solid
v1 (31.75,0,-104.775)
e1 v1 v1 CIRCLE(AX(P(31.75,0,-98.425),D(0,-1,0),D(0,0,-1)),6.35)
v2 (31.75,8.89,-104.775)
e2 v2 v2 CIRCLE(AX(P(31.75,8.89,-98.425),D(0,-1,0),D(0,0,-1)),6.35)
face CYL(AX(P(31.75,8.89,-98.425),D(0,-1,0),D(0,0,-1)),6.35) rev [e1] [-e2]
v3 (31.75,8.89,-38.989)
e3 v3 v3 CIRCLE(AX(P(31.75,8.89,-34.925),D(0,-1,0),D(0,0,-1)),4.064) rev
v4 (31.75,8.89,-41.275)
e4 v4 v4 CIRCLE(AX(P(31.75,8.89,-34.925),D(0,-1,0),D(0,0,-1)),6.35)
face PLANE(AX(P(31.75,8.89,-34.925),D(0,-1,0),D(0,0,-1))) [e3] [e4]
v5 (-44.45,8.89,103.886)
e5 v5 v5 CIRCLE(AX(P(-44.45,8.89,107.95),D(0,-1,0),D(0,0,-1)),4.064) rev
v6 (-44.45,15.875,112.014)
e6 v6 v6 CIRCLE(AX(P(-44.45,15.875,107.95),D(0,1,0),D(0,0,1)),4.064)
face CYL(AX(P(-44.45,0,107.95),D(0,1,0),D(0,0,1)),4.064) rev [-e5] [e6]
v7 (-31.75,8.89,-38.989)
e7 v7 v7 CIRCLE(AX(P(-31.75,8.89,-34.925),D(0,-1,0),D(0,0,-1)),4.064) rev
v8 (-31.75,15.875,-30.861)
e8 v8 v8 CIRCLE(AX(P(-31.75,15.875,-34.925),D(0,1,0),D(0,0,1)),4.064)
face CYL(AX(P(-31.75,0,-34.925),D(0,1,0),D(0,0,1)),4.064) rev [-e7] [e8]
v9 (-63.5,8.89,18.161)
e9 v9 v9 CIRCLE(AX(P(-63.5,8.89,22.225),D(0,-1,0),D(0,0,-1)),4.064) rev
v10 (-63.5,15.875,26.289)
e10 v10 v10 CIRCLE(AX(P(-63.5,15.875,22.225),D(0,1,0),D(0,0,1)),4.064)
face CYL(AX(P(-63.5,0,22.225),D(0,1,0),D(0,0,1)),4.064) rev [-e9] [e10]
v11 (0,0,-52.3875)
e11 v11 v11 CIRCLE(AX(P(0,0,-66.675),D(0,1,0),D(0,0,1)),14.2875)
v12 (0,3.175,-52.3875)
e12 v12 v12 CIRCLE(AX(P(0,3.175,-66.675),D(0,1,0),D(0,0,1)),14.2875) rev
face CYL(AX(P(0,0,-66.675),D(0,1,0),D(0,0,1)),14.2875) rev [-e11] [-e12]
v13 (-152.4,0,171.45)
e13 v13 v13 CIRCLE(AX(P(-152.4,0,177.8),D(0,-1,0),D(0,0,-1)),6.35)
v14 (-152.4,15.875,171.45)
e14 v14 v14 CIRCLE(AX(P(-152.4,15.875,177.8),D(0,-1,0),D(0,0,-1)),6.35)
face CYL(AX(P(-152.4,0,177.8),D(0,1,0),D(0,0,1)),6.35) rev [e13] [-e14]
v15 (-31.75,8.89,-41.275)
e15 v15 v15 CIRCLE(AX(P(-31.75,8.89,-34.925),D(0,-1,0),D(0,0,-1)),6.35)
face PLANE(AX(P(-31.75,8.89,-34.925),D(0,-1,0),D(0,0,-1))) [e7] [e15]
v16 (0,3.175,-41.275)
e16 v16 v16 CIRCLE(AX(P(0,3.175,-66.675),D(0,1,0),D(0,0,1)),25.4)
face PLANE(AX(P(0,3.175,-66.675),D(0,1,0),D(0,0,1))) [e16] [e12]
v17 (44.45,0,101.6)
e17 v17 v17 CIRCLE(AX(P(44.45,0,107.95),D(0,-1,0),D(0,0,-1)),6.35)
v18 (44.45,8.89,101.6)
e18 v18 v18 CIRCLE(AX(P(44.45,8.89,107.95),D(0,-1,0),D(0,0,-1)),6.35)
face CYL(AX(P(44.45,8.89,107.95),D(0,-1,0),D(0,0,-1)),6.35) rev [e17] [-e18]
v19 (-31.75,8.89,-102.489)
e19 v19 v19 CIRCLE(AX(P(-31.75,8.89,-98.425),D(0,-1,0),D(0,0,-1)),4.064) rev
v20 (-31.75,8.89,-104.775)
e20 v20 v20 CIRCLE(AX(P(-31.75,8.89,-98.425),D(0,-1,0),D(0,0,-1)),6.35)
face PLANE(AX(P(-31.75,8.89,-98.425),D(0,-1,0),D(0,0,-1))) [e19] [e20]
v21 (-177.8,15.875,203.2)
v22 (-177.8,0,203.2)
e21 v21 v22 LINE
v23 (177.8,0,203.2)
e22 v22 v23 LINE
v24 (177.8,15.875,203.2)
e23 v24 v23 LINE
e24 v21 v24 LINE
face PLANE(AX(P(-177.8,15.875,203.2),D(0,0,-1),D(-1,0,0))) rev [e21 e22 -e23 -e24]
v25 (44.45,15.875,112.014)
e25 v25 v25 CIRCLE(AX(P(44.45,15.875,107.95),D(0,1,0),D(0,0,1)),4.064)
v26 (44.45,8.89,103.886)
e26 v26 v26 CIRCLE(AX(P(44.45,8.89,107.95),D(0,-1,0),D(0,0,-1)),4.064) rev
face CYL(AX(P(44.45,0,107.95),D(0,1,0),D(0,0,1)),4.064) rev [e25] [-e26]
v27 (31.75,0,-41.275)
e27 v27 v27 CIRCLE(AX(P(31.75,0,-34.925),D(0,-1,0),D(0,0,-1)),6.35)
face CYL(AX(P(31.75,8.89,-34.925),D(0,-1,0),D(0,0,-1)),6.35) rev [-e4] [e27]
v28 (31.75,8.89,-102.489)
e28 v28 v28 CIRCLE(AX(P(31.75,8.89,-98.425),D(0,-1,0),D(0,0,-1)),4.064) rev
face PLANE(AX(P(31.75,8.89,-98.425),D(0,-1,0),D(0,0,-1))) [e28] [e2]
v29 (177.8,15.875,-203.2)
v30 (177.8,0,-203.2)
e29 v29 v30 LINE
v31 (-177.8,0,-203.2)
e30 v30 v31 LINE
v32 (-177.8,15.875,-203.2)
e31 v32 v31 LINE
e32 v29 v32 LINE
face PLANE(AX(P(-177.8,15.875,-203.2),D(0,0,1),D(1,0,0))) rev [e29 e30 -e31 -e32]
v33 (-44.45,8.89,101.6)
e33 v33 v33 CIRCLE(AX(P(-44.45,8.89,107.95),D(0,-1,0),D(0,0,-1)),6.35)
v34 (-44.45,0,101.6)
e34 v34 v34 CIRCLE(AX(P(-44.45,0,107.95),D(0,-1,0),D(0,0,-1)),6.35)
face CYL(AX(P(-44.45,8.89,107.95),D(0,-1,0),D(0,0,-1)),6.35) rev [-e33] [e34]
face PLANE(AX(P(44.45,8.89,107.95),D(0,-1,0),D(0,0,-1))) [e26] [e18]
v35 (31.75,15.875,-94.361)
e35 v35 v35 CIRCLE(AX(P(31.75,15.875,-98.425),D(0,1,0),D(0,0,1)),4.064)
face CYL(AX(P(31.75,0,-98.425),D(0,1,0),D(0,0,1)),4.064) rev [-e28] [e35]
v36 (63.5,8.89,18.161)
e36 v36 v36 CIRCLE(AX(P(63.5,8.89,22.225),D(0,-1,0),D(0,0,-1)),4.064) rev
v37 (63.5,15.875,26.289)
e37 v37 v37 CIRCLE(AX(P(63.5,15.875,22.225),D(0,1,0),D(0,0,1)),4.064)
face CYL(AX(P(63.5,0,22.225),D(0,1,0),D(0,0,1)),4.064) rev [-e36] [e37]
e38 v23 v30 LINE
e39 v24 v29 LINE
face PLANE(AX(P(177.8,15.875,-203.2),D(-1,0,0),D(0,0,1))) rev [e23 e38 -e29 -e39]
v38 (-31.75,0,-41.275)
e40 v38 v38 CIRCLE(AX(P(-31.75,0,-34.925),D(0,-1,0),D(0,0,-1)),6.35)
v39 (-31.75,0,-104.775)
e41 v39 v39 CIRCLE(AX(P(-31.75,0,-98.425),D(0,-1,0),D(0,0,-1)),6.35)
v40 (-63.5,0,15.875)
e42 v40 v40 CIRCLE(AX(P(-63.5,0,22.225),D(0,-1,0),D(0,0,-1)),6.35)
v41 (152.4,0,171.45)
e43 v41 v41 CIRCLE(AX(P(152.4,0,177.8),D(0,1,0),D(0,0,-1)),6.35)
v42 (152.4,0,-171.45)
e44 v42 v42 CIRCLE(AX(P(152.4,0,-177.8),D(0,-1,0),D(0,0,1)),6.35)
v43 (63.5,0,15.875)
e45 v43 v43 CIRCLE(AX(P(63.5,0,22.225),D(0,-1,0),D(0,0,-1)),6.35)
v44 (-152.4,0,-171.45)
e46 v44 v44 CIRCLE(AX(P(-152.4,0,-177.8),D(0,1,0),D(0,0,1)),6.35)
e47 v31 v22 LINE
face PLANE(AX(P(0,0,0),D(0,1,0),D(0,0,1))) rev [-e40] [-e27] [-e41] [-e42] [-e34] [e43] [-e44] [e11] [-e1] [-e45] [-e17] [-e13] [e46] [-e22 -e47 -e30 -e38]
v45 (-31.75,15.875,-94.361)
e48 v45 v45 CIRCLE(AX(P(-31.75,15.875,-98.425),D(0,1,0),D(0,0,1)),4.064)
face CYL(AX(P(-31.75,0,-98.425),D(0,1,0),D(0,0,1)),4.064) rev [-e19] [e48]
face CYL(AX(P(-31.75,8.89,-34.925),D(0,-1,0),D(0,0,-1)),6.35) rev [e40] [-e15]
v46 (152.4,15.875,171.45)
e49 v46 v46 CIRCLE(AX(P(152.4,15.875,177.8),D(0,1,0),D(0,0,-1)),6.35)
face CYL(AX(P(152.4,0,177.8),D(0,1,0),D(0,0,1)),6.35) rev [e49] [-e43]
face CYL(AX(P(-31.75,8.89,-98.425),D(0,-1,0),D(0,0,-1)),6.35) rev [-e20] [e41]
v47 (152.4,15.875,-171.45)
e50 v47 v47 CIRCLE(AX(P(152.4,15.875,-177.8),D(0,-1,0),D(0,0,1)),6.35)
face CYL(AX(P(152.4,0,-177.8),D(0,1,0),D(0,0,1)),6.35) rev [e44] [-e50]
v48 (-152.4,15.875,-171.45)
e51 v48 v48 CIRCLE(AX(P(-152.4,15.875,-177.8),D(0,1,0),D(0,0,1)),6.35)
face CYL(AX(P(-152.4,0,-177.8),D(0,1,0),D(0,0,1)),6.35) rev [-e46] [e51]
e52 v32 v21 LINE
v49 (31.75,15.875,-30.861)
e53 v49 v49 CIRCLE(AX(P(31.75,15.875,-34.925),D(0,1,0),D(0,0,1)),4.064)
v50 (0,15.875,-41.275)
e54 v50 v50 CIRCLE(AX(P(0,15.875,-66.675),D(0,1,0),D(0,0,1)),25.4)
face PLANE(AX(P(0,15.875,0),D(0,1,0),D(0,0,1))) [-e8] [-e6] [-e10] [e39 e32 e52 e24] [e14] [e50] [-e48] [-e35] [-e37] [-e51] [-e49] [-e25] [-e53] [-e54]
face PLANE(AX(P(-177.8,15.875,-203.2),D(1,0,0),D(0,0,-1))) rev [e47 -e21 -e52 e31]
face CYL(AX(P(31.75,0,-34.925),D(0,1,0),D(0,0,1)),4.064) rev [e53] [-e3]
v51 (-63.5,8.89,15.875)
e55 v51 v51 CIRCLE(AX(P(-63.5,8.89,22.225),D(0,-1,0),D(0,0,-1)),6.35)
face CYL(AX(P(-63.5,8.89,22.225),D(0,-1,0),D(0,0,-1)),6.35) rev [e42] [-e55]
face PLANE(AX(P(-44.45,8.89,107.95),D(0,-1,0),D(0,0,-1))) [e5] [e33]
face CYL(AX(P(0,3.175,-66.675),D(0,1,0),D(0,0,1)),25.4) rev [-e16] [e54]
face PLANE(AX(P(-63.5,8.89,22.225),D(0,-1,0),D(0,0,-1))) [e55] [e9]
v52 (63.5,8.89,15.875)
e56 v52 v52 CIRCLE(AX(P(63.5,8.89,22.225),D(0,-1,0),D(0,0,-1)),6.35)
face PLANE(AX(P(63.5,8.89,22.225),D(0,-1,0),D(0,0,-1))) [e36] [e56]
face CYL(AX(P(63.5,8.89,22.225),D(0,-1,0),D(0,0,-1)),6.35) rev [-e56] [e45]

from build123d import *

# Parameters (mm, degrees)
SKETCH1_W               = 355.6
SKETCH1_H               = 406.4
BOSS_EXTRUDE1_DEPTH     = 15.875
SKETCH2_R               = 6.35
CUT_EXTRUDE1_DEPTH      = 16.875
MIRROR2_COPY_1_SKETCH_R = 6.35
MIRROR2_COPY_1_DEPTH    = 16.875
SKETCH3_R               = 14.2875
SKETCH3_R_2             = 4.064
CUT_EXTRUDE2_DEPTH      = 16.875
SKETCH4_R               = 25.4
CUT_EXTRUDE3_DEPTH      = 12.7
SKETCH5_R               = 6.35
CUT_EXTRUDE4_DEPTH      = 8.89


with BuildPart() as part:
    # Sketch1 → Boss-Extrude1 (new body)
    with BuildSketch(Plane(origin=(0, 0, 0), x_dir=(1, 0, 0), z_dir=(0, 1, 0))):
        Rectangle(SKETCH1_W, SKETCH1_H)
    extrude(amount=BOSS_EXTRUDE1_DEPTH)

    # Sketch2 → Cut-Extrude1 (cut, through all)
    with BuildSketch(Plane(origin=(0, 15.875, 0), x_dir=(1, 0, 0), z_dir=(0, 1, 0))):
        with Locations((-152.4, 177.8)):
            Circle(SKETCH2_R)
    cut_extrude1 = extrude(amount=-CUT_EXTRUDE1_DEPTH, mode=Mode.SUBTRACT)

    # Mirror1: Cut-Extrude1 across plane
    add(cut_extrude1.mirror(Plane.ZY), mode=Mode.SUBTRACT)

    # Mirror2: Cut-Extrude1 across plane
    add(cut_extrude1.mirror(Plane(origin=(0, 0, 0), x_dir=(1, 0, 0), z_dir=(0, 0, -1))), mode=Mode.SUBTRACT)

    # Mirror2 copy 1 sketch → Mirror2 copy 1 (cut, through all)
    with BuildSketch(Plane(origin=(0, 15.875, 0), x_dir=(-1, 0, 0), z_dir=(0, 1, 0))):
        with Locations((-152.4, 177.8)):
            Circle(MIRROR2_COPY_1_SKETCH_R)
    extrude(amount=-MIRROR2_COPY_1_DEPTH, mode=Mode.SUBTRACT)

    # Sketch3 → Cut-Extrude2 (cut, through all)
    with BuildSketch(Plane(origin=(0, 15.875, 0), x_dir=(1, 0, 0), z_dir=(0, 1, 0))):
        with Locations((0, 66.675)):
            Circle(SKETCH3_R)
        with Locations((-63.5, -22.225)):
            Circle(SKETCH3_R_2)
        with Locations((63.5, -22.225)):
            Circle(SKETCH3_R_2)
        with Locations((44.45, -107.95)):
            Circle(SKETCH3_R_2)
        with Locations((-44.45, -107.95)):
            Circle(SKETCH3_R_2)
        with Locations((-31.75, 98.425)):
            Circle(SKETCH3_R_2)
        with Locations((-31.75, 34.925)):
            Circle(SKETCH3_R_2)
        with Locations((31.75, 98.425)):
            Circle(SKETCH3_R_2)
        with Locations((31.75, 34.925)):
            Circle(SKETCH3_R_2)
    extrude(amount=-CUT_EXTRUDE2_DEPTH, mode=Mode.SUBTRACT)

    # Sketch4 → Cut-Extrude3 (cut)
    with BuildSketch(Plane(origin=(0, 15.875, 0), x_dir=(1, 0, 0), z_dir=(0, 1, 0))):
        with Locations((0, 66.675)):
            Circle(SKETCH4_R)
    extrude(amount=-CUT_EXTRUDE3_DEPTH, mode=Mode.SUBTRACT)

    # Sketch5 → Cut-Extrude4 (cut)
    with BuildSketch(Plane.XZ):
        with Locations((-31.75, -98.425)):
            Circle(SKETCH5_R)
        with Locations((31.75, -98.425)):
            Circle(SKETCH5_R)
        with Locations((31.75, -34.925)):
            Circle(SKETCH5_R)
        with Locations((-31.75, -34.925)):
            Circle(SKETCH5_R)
        with Locations((-63.5, 22.225)):
            Circle(SKETCH5_R)
        with Locations((63.5, 22.225)):
            Circle(SKETCH5_R)
        with Locations((44.45, 107.95)):
            Circle(SKETCH5_R)
        with Locations((-44.45, 107.95)):
            Circle(SKETCH5_R)
    extrude(amount=-CUT_EXTRUDE4_DEPTH, mode=Mode.SUBTRACT)


solid = part.part
